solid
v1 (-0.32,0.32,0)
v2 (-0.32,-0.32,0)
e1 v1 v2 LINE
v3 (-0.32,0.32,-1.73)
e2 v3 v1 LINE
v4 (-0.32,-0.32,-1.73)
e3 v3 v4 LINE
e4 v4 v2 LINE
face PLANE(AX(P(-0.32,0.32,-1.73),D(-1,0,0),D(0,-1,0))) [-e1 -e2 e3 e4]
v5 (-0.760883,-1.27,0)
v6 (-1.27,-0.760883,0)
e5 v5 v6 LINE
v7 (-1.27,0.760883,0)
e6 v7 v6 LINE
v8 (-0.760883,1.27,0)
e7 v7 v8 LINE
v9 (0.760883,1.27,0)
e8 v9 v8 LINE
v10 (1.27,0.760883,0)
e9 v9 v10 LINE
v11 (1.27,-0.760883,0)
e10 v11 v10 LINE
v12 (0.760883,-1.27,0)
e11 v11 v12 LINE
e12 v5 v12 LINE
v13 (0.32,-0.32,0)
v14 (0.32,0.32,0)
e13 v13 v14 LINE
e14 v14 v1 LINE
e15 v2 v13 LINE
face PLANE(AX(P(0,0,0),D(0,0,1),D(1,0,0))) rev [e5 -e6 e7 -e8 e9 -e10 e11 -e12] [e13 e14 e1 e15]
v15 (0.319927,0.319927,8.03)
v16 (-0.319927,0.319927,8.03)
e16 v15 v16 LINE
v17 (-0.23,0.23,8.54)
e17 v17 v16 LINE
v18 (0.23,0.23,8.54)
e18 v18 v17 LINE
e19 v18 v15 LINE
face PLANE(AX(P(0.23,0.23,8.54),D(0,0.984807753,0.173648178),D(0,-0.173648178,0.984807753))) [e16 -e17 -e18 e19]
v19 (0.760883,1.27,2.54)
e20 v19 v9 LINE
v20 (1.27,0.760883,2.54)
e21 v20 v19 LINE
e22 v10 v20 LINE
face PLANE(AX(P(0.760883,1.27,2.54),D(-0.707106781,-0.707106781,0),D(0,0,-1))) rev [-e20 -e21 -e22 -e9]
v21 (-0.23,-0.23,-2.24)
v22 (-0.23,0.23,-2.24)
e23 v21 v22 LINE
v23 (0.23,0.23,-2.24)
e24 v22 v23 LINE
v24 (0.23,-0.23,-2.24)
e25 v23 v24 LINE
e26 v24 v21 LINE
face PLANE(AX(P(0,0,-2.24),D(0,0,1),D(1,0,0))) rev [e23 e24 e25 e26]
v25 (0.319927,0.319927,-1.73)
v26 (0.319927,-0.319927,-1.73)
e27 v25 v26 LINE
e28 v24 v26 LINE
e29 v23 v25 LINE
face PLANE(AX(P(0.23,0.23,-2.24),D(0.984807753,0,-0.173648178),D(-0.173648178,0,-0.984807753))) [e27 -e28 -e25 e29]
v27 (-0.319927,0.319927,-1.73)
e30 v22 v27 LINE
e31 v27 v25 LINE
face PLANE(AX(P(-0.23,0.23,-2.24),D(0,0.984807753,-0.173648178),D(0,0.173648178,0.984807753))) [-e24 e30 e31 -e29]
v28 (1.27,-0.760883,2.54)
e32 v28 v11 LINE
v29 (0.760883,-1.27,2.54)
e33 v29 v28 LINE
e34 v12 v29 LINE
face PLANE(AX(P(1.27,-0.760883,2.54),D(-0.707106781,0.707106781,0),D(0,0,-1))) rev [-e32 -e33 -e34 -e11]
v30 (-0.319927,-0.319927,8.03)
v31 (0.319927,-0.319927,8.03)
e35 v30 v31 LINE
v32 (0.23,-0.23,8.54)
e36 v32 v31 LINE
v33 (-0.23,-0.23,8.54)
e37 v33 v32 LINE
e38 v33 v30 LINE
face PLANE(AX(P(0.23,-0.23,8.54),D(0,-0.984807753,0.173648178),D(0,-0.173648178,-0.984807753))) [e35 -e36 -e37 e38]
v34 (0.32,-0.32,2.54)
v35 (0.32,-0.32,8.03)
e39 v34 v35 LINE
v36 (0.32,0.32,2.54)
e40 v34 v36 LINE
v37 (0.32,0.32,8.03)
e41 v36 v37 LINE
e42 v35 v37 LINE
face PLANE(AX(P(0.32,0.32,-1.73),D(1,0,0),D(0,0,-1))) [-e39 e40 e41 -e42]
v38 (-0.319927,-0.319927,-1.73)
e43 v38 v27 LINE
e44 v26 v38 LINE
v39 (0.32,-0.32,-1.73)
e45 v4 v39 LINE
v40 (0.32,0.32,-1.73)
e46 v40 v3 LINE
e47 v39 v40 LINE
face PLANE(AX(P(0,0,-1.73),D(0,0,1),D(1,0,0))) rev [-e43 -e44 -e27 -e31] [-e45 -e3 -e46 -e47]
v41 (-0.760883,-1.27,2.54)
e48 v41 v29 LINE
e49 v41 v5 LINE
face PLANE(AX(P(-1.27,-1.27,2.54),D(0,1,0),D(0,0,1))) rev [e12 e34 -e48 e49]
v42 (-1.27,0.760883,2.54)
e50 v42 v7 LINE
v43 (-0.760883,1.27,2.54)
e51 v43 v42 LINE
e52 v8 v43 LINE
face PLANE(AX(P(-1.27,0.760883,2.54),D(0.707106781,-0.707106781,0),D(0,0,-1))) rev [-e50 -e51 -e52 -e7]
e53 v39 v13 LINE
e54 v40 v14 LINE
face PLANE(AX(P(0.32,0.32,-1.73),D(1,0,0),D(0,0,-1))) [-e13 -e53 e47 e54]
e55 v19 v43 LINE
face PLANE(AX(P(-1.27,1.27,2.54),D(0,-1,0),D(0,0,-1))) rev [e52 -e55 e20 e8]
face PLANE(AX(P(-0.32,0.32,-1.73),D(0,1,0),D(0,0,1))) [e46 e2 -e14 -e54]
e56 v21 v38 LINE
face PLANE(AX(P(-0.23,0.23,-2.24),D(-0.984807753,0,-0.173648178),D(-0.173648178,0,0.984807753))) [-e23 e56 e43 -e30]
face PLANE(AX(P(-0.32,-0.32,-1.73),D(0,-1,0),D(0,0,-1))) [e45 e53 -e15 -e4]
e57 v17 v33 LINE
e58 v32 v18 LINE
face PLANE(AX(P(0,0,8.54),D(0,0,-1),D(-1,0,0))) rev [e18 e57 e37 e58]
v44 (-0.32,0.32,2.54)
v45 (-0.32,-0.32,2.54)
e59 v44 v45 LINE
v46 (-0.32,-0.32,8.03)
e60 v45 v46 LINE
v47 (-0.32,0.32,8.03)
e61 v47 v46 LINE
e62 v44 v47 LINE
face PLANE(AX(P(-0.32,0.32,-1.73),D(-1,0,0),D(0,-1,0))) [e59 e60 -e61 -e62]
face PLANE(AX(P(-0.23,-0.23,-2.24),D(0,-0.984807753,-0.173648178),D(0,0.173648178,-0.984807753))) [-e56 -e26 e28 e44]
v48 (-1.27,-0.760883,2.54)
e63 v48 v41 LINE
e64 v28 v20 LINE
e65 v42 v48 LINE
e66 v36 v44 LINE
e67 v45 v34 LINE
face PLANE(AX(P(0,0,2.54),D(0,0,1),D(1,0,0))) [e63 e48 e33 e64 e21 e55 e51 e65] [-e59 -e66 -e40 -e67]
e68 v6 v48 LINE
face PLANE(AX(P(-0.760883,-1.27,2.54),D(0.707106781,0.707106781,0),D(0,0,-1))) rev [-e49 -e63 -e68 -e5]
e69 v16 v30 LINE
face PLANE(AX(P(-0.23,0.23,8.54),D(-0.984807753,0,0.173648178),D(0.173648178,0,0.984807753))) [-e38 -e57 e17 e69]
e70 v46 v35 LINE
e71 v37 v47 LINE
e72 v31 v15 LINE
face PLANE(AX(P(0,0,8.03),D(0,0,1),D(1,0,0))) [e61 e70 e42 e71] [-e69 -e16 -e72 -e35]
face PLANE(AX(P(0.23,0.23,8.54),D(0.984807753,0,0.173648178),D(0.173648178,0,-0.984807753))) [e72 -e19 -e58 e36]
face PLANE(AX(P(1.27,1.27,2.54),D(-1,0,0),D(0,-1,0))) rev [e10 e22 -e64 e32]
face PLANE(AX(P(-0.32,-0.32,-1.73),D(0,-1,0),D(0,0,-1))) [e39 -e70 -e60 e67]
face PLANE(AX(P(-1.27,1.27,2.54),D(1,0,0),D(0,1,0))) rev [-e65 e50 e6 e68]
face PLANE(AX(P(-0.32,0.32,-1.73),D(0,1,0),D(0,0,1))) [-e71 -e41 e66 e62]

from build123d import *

# Parameters (mm, degrees)
SKETCH_1_W           = 2.54
SKETCH_1_H           = 2.54
EXTRUDE_1_DEPTH      = 2.54
EXTRUDE_2_DEPTH      = 8.03
EXTRUDE_2_DEPTH_BACK = 1.73
SKETCH_2_W           = 0.64
SKETCH_2_H           = 0.64
SKETCH_3_W           = 0.46
SKETCH_3_H           = 0.46
EXTRUDE_3_DEPTH      = 0.51
SKETCH_4_W           = 0.46
SKETCH_4_H           = 0.46
EXTRUDE_4_DEPTH      = 0.51
DRAFT_2_ANGLE        = 10
DRAFT_3_ANGLE        = 10
CHAMFER_1_SIZE       = 0.509116882


with BuildPart() as part:
    # ｽｹｯﾁ1 → ﾎﾞｽ - 押し出し1 (new body)
    with BuildSketch(Plane.XY):
        Rectangle(SKETCH_1_W, SKETCH_1_H)
    extrude(amount=EXTRUDE_1_DEPTH)

    # ｽｹｯﾁ2 → ﾎﾞｽ - 押し出し2 (add, two sides: drawn at the far end of the back side and taken through both)
    with BuildSketch(Plane.XY.offset(-EXTRUDE_2_DEPTH_BACK)):
        Rectangle(SKETCH_2_W, SKETCH_2_H)
    extrude(amount=EXTRUDE_2_DEPTH + EXTRUDE_2_DEPTH_BACK)

    # ｽｹｯﾁ3 → ﾎﾞｽ - 押し出し3 (add)
    with BuildSketch(Plane(origin=(0, 0, -1.73), x_dir=(-1, 0, 0), z_dir=(0, 0, -1))):
        Rectangle(SKETCH_3_W, SKETCH_3_H)
    extrude(amount=EXTRUDE_3_DEPTH)

    # ｽｹｯﾁ4 → ﾎﾞｽ - 押し出し4 (add)
    with BuildSketch(Plane.XY.offset(8.03)):
        Rectangle(SKETCH_4_W, SKETCH_4_H)
    extrude(amount=EXTRUDE_4_DEPTH)

    # 抜き勾配2
    draft_2_faces = [part.faces().sort_by_distance(p)[0] for p in [
        (0, -0.23, 8.285),
        (-0.23, 0, 8.285),
        (0, 0.23, 8.285),
        (0.23, 0, 8.285),
    ]]
    draft(draft_2_faces, Plane.XY.offset(8.54), DRAFT_2_ANGLE)

    # 抜き勾配3
    draft_3_faces = [part.faces().sort_by_distance(p)[0] for p in [
        (-0.23, 0, -1.985),
        (0, -0.23, -1.985),
        (0.23, 0, -1.985),
        (0, 0.23, -1.985),
    ]]
    draft(draft_3_faces, Plane(origin=(0, 0, -2.24), x_dir=(-1, 0, 0), z_dir=(0, 0, -1)), DRAFT_3_ANGLE)

    # 面取り1
    chamfer_1_edges = [part.edges().sort_by_distance(p)[0] for p in [
        (1.27, -1.27, 1.27),
        (-1.27, -1.27, 1.27),
        (-1.27, 1.27, 1.27),
        (1.27, 1.27, 1.27),
    ]]
    chamfer(chamfer_1_edges, length=CHAMFER_1_SIZE)


solid = part.part
